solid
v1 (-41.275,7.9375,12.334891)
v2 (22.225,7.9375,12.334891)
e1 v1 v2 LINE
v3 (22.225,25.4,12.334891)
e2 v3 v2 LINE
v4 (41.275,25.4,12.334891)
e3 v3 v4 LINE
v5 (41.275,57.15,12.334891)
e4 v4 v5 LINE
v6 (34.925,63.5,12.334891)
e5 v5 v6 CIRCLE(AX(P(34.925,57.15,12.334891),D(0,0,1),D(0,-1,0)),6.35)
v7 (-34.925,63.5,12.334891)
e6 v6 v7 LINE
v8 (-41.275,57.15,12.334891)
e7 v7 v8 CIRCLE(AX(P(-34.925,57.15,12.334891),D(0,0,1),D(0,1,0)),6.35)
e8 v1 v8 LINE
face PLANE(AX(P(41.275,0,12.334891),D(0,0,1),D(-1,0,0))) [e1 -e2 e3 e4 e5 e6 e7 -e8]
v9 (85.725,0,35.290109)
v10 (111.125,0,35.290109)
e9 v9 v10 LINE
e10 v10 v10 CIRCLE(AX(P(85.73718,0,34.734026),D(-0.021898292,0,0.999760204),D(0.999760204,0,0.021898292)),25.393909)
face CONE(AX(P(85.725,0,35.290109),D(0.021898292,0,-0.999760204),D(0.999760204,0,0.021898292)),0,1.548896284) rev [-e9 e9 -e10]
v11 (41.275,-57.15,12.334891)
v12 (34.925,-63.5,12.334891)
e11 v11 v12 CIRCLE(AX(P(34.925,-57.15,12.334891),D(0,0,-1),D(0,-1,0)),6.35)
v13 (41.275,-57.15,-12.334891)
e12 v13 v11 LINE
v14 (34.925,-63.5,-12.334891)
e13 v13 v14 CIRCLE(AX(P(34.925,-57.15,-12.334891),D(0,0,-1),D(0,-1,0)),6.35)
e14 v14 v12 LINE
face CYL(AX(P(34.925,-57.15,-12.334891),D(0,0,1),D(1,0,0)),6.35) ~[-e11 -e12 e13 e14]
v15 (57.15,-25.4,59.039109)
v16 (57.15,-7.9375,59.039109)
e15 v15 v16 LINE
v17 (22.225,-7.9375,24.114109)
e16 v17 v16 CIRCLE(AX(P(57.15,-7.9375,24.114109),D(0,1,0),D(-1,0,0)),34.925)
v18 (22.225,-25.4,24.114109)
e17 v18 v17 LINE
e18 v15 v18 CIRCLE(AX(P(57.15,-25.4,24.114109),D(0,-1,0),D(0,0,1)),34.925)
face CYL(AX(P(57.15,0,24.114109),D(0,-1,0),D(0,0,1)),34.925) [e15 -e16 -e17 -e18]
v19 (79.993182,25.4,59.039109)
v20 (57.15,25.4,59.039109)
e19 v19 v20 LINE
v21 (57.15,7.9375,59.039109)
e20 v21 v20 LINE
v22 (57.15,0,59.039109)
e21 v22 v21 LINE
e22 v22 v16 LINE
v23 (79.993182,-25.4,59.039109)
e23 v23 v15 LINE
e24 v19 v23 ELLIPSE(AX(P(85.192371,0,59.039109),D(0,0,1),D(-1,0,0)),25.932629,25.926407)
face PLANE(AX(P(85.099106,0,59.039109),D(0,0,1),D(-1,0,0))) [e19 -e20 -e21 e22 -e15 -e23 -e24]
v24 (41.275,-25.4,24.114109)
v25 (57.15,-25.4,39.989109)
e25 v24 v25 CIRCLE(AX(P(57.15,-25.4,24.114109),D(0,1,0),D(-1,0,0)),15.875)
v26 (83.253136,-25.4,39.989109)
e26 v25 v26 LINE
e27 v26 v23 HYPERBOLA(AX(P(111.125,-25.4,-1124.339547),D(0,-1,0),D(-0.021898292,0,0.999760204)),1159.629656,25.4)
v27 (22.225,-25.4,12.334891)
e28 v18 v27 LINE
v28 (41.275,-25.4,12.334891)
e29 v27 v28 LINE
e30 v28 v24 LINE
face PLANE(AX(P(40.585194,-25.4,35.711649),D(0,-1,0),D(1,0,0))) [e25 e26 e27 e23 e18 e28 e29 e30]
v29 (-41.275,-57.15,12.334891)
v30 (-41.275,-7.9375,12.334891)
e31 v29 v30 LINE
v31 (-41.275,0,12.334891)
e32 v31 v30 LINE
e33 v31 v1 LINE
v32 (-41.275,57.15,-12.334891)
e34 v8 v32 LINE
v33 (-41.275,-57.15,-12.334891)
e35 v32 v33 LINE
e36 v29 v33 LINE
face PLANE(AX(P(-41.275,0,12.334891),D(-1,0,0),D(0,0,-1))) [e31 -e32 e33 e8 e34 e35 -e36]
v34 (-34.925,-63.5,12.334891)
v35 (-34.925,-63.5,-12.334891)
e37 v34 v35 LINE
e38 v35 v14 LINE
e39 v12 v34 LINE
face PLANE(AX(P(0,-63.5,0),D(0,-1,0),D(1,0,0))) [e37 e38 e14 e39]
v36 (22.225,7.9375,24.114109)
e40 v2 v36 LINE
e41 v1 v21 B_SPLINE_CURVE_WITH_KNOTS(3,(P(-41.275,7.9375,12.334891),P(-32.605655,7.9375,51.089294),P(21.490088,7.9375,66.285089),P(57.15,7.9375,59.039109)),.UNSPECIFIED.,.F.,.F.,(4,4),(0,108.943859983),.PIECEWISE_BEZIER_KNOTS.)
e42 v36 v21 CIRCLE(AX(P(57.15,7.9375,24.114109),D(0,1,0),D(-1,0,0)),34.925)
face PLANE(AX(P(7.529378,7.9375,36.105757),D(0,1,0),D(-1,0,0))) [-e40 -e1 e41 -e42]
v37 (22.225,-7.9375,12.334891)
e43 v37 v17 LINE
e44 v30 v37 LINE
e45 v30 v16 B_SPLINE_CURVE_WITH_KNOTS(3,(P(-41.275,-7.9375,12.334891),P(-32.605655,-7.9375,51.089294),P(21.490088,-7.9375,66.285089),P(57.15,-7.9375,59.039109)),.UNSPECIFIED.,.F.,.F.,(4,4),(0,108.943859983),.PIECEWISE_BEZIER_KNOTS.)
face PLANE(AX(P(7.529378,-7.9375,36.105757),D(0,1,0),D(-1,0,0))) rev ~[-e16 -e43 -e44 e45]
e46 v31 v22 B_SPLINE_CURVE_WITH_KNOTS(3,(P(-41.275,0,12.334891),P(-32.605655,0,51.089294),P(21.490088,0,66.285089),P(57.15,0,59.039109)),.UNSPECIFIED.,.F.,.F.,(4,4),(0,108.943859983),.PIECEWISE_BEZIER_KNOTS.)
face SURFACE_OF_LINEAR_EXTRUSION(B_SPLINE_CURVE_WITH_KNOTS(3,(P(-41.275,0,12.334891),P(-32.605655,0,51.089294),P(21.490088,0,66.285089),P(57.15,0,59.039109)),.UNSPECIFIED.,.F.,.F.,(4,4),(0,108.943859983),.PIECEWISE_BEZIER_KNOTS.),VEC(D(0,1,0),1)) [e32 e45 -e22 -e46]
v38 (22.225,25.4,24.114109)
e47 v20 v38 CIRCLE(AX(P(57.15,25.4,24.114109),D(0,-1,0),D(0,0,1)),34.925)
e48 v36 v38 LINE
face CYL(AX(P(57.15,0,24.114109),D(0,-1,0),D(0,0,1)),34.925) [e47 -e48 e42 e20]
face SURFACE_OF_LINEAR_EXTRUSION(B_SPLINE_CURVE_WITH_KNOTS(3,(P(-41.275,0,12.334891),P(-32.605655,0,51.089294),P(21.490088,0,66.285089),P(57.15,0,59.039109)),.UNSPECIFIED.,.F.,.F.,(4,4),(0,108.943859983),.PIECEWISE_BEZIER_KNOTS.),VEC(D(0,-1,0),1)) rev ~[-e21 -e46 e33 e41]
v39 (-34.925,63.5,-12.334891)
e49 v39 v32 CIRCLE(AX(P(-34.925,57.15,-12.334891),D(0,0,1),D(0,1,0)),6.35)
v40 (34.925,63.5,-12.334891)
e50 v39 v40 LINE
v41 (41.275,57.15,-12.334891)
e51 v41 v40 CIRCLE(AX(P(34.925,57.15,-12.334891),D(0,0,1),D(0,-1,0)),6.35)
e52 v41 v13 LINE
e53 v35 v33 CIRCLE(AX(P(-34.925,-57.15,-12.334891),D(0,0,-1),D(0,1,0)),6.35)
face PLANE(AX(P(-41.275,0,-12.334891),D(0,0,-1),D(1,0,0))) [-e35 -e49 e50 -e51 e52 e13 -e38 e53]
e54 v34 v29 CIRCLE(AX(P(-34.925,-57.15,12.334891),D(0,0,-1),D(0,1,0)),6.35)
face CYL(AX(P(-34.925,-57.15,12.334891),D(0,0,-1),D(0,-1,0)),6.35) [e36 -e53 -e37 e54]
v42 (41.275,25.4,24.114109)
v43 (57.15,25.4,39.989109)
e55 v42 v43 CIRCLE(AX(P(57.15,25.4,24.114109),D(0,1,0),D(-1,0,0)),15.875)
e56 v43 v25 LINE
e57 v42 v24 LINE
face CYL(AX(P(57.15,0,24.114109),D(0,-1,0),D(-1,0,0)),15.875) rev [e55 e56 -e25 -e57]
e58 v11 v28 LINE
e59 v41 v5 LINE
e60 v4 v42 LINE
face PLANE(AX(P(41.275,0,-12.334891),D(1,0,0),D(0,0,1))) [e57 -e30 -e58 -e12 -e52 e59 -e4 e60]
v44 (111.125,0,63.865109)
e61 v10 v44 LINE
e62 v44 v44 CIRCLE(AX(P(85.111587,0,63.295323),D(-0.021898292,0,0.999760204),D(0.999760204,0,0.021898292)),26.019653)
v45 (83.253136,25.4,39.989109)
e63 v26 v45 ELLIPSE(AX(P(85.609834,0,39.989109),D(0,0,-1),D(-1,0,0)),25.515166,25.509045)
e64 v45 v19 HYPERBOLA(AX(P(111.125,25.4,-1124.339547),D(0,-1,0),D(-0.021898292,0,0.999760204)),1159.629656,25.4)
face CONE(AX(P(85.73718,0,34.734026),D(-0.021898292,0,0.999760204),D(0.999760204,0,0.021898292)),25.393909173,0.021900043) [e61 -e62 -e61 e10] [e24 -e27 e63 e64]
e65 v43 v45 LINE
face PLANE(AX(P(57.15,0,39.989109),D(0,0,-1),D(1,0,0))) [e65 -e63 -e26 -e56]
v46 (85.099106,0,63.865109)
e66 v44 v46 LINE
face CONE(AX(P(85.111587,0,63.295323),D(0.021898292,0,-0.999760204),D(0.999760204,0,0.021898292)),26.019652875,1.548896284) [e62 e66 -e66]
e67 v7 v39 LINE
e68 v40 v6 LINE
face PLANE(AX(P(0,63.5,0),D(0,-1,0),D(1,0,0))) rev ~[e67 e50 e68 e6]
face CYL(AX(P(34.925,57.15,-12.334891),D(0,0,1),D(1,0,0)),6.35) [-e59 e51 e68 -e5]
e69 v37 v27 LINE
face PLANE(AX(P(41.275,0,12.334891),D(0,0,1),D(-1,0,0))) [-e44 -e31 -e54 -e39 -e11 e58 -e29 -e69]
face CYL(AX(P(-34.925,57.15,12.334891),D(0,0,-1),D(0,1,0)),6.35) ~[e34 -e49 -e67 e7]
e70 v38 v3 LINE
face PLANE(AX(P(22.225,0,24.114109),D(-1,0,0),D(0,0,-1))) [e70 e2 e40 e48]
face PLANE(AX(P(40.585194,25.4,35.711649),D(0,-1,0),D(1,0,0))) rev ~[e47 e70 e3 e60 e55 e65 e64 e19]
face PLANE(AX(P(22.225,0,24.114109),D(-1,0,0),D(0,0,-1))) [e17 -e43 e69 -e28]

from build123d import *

# Parameters (mm, degrees)
F1_DEPTH = 63.5
F0_W     = 24.7741062101
F0_H     = 19.05
F2_DEPTH = 25.4
F3_DEPTH = 7.9375
F5_R     = 6.35


with BuildPart() as f1:
    # F0 (on Front) → F1 (new body, symmetric)
    with BuildSketch(Plane.XZ):
        Polygon((22.225, 12.3348908712), (-41.275, 12.3348908712), (-41.275, -12.3348908712), (41.275, -12.3348908712), (41.275, 12.3348908712), align=None)
    extrude(amount=F1_DEPTH, both=True)

    # F0 (on Front) → F2 (join, symmetric)
    with BuildSketch(Plane.XZ):
        with BuildLine():
            Line((22.225, 24.1141091288), (22.225, 12.3348908712))
            Line((22.225, 12.3348908712), (41.275, 12.3348908712))
            Line((41.275, 12.3348908712), (41.275, 24.1141091288))
            ThreePointArc((41.275, 24.1141091288), (45.9246798487, 35.3394292801), (57.15, 39.9891091288))
            Line((57.15, 39.9891091288), (60.325, 39.9891091288))
            Line((60.325, 39.9891091288), (60.325, 59.0391091288))
            Line((60.325, 59.0391091288), (57.15, 59.0391091288))
            ThreePointArc((57.15, 59.0391091288), (32.4542956671, 48.8098134617), (22.225, 24.1141091288))
        make_face()
        with Locations((72.7120531051, 49.5141091288)):
            Rectangle(F0_W, F0_H)
    extrude(amount=F2_DEPTH, both=True)

    # F0 (on Front) → F3 (join, symmetric)
    with BuildSketch(Plane.XZ):
        with BuildLine():
            add(Edge.make_bspline(
                [(-41.275, 12.3348908712), (-32.6056554914, 51.0892942548), (21.4900877327, 66.2850886583), (57.15, 59.0391091288)],
                knots=[0, 0, 0, 0, 108.9438599833, 108.9438599833, 108.9438599833, 108.9438599833], degree=3))
            Line((-41.275, 12.3348908712), (22.225, 12.3348908712))
            Line((22.225, 12.3348908712), (22.225, 24.1141091288))
            ThreePointArc((22.225, 24.1141091288), (32.4542956671, 48.8098134617), (57.15, 59.0391091288))
        make_face()
    extrude(amount=F3_DEPTH, both=True)

    # F0 (on Front) → F4 (revolve)
    with BuildSketch(Plane.XZ):
        Polygon((111.125, 63.8651091288), (85.0991062101, 63.8651091288), (85.725, 35.2901091288), (111.125, 35.2901091288), align=None)
    revolve(axis=Axis((85.4120531051, 0, 49.5776091288), (-0.0218982923, 0, 0.9997602036)))

    # F5
    f5_edges = [f1.edges().sort_by_distance(p)[0] for p in [
        (-41.275, -63.5, 0),
        (41.275, -63.5, 0),
        (41.275, 63.5, 0),
        (-41.275, 63.5, 0),
    ]]
    fillet(f5_edges, radius=F5_R)


solid = f1.part
